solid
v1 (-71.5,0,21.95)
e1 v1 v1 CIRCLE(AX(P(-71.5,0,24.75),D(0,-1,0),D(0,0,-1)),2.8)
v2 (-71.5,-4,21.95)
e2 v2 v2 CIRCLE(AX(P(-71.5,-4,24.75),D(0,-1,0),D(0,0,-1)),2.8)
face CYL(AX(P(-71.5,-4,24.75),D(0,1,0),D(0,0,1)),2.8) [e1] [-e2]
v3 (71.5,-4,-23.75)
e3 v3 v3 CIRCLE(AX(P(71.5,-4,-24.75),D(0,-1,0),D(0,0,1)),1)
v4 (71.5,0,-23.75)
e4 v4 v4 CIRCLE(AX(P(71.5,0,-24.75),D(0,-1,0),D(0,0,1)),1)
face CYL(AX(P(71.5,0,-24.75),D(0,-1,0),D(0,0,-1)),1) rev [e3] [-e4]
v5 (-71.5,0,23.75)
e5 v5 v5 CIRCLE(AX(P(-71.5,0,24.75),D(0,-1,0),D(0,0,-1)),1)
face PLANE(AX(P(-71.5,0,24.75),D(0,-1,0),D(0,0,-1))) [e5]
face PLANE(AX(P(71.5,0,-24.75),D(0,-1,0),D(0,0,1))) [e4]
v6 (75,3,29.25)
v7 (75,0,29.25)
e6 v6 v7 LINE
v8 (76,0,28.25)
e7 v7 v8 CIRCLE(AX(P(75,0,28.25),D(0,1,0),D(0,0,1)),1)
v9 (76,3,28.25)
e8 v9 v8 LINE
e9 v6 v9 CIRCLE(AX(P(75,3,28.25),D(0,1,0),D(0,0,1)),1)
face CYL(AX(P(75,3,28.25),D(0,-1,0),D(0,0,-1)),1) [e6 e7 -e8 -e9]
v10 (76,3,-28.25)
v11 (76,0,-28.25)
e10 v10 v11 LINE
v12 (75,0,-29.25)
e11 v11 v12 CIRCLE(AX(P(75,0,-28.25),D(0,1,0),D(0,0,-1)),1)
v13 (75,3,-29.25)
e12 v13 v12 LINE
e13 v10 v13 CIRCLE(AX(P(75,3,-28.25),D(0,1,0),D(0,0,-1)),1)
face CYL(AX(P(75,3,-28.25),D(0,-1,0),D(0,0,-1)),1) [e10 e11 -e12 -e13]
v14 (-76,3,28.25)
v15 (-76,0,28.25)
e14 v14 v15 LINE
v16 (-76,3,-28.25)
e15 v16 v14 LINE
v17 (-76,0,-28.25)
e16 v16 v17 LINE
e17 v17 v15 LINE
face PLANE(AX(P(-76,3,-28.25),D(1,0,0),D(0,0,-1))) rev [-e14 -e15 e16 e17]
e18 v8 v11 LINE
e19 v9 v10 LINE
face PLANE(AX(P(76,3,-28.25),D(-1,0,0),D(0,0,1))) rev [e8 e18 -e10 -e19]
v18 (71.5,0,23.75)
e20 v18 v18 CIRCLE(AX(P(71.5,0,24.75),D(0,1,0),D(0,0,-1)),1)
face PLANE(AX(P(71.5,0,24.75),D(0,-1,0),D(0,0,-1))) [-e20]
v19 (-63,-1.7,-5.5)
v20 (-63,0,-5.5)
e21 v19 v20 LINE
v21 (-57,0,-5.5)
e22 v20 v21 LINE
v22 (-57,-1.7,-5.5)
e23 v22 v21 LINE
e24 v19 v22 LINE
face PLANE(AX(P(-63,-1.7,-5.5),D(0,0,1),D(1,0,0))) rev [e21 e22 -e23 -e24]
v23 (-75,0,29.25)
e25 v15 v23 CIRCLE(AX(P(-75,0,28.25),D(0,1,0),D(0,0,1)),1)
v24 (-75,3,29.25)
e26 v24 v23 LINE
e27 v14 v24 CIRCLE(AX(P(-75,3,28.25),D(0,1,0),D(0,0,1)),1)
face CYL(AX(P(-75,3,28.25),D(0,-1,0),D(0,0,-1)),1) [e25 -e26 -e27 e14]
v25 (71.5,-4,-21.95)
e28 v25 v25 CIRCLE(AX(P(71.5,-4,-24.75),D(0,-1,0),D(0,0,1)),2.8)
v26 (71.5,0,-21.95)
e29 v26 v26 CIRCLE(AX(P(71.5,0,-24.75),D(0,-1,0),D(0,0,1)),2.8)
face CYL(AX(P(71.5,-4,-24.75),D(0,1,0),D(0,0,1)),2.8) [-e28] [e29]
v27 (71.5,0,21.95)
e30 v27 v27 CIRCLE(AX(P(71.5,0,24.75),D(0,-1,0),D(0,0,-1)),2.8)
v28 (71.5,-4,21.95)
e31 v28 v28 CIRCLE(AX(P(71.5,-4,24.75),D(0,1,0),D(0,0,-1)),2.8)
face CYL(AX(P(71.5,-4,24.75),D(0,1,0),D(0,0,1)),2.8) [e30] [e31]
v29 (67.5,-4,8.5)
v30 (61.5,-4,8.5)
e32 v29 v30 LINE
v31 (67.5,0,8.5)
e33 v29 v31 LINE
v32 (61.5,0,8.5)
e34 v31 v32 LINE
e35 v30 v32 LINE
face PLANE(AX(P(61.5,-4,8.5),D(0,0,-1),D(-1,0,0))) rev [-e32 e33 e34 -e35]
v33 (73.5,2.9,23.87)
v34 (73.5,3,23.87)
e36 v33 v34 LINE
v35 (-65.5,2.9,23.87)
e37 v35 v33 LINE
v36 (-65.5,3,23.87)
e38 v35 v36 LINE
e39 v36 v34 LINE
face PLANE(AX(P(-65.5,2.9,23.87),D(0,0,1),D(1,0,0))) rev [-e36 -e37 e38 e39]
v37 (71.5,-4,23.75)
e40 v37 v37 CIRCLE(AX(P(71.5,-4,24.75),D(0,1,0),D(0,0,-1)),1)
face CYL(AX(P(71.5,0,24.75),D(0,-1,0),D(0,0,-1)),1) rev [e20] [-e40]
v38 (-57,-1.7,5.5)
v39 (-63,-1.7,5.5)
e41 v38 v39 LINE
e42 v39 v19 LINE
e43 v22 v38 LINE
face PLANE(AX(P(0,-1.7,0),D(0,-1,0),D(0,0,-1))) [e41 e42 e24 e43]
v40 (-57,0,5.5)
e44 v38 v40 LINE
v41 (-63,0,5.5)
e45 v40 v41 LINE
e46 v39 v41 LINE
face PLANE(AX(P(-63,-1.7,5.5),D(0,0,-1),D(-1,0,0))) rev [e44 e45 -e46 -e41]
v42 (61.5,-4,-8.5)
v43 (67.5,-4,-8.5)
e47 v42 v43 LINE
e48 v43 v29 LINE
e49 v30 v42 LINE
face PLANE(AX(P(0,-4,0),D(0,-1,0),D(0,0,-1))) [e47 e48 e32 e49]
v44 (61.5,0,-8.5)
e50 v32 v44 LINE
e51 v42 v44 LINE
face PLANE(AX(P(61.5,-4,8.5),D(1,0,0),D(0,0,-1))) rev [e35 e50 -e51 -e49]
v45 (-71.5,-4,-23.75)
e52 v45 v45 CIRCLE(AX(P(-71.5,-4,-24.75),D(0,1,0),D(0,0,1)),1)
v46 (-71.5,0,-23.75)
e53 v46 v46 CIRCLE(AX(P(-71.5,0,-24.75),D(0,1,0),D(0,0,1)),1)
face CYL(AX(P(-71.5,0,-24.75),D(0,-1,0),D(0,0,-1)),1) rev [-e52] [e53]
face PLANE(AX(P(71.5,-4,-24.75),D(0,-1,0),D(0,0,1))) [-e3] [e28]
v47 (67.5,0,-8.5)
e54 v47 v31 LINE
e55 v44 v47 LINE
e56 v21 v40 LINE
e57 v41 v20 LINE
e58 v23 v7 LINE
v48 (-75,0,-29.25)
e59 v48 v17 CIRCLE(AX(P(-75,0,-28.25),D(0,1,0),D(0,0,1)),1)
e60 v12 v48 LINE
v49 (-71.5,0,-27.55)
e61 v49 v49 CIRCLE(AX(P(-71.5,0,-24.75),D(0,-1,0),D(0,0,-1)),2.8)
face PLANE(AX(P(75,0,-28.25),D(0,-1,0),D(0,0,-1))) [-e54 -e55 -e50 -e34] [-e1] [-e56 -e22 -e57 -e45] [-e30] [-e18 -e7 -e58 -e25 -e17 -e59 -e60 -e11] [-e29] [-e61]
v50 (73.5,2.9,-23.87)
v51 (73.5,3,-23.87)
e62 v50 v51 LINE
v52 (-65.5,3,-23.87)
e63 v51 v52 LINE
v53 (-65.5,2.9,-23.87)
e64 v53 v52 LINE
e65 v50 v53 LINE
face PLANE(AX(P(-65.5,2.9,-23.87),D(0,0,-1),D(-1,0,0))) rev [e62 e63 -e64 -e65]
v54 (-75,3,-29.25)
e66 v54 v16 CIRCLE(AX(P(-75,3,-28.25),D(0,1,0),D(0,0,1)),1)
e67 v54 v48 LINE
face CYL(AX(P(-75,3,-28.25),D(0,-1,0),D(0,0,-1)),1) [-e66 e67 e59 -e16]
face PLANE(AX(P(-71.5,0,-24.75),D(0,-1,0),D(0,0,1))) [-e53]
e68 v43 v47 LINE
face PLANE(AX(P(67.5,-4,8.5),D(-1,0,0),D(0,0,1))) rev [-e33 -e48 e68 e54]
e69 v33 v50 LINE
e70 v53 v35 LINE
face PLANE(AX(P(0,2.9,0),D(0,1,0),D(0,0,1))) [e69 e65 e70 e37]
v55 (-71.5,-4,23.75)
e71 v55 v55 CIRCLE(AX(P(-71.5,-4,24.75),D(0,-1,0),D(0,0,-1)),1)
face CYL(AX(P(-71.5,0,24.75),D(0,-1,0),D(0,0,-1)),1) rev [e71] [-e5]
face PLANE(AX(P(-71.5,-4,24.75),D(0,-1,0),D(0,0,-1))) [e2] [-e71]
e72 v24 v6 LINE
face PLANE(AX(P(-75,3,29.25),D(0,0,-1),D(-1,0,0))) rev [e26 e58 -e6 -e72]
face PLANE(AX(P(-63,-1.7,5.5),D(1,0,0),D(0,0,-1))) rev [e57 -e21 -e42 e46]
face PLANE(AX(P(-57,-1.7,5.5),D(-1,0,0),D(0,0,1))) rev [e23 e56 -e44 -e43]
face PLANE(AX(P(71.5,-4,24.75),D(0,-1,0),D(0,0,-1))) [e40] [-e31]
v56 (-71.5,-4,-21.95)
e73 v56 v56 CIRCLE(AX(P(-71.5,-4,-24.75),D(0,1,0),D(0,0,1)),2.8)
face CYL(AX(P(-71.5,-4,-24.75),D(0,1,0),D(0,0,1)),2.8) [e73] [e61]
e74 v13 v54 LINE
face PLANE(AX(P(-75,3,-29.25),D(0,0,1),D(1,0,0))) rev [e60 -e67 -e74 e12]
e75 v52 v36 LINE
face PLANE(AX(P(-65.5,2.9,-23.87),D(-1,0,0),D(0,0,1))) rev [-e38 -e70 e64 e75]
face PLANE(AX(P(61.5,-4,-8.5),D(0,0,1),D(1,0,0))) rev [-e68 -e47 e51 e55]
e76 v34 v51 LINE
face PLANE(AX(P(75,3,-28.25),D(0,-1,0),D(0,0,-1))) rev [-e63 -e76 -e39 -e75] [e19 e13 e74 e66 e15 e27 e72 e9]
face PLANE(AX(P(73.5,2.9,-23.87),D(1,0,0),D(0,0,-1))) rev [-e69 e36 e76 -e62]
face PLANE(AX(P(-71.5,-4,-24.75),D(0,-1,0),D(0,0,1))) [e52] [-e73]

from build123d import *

# Parameters (mm, degrees)
EXTRUDE_1_DEPTH                            = 3
SKETCH_2_W                                 = 139
SKETCH_2_H                                 = 47.74
CUT_EXTRUDE_1_DEPTH                        = 0.1
SKETCH_3_R                                 = 2.8
EXTRUDE_2_DEPTH                            = 4
SKETCH_4_R                                 = 1
CUT_EXTRUDE_2_DEPTH                        = 4
MIRROR_1_AT_THE_SECOND_PLANE_COPY_1_SKET_R = 2.8
MIRROR_1_AT_THE_SECOND_PLANE_COPY_1_DEPTH  = 4
MIRROR_1_AT_THE_SECOND_PLANE_COPY_2_SKET_R = 1
MIRROR_1_AT_THE_SECOND_PLANE_COPY_2_DEPTH  = 4
SKETCH_5_W                                 = 6
SKETCH_5_H                                 = 11
EXTRUDE_3_DEPTH                            = 1.7
SKETCH_6_W                                 = 6
SKETCH_6_H                                 = 17
EXTRUDE_4_DEPTH                            = 4


with BuildPart() as part:
    # ｽｹｯﾁ1 → ﾎﾞｽ - 押し出し1 (new body)
    with BuildSketch(Plane(origin=(0, 0, 0), x_dir=(1, 0, 0), z_dir=(0, 1, 0))):
        with BuildLine():
            Line((-75, 29.25), (75, 29.25))
            ThreePointArc((75, 29.25), (75.707106781, 28.957106781), (76, 28.25))
            Line((76, 28.25), (76, -28.25))
            ThreePointArc((76, -28.25), (75.707106781, -28.957106781), (75, -29.25))
            Line((75, -29.25), (-75, -29.25))
            ThreePointArc((-75, -29.25), (-75.707106781, -28.957106781), (-76, -28.25))
            Line((-76, -28.25), (-76, 28.25))
            ThreePointArc((-76, 28.25), (-75.707106781, 28.957106781), (-75, 29.25))
        make_face()
    extrude(amount=EXTRUDE_1_DEPTH)

    # ｽｹｯﾁ2 → ｶｯﾄ - 押し出し1 (cut)
    with BuildSketch(Plane(origin=(0, 3, 0), x_dir=(1, 0, 0), z_dir=(0, 1, 0))):
        with Locations((4, 0)):
            Rectangle(SKETCH_2_W, SKETCH_2_H)
    extrude(amount=-CUT_EXTRUDE_1_DEPTH, mode=Mode.SUBTRACT)

    # ｽｹｯﾁ3 → ﾎﾞｽ - 押し出し2 (add)
    with BuildSketch(Plane.XZ):
        with Locations(Location((-71.5, 24.75, 0), (0, 0, 270))):
            Circle(SKETCH_3_R)
    extrude_2 = extrude(amount=EXTRUDE_2_DEPTH)

    # ｽｹｯﾁ4 → ｶｯﾄ - 押し出し2 (cut)
    with BuildSketch(Plane.XZ.offset(4)):
        with Locations(Location((-71.5, 24.75, 0), (0, 0, 270))):
            Circle(SKETCH_4_R)
    cut_extrude_2 = extrude(amount=-CUT_EXTRUDE_2_DEPTH, mode=Mode.SUBTRACT)

    # ﾐﾗｰ1: ﾎﾞｽ - 押し出し2, ｶｯﾄ - 押し出し2 across plane
    add(extrude_2.mirror(Plane(origin=(0, 0, 0), x_dir=(0, 0, 1), z_dir=(1, 0, 0))))
    add(cut_extrude_2.mirror(Plane(origin=(0, 0, 0), x_dir=(0, 0, 1), z_dir=(1, 0, 0))), mode=Mode.SUBTRACT)

    # ﾐﾗｰ1 at the second plane: ﾎﾞｽ - 押し出し2, ｶｯﾄ - 押し出し2 across plane
    add(extrude_2.mirror(Plane.XY))
    add(cut_extrude_2.mirror(Plane.XY), mode=Mode.SUBTRACT)

    # ﾐﾗｰ1 at the second plane copy 1 sket → ﾐﾗｰ1 at the second plane copy 1 (add)
    with BuildSketch(Plane(origin=(0, 0, 0), x_dir=(-1, 0, 0), z_dir=(0, -1, 0))):
        with Locations(Location((-71.5, 24.75, 0), (0, 0, 270))):
            Circle(MIRROR_1_AT_THE_SECOND_PLANE_COPY_1_SKET_R)
    extrude(amount=MIRROR_1_AT_THE_SECOND_PLANE_COPY_1_DEPTH)

    # ﾐﾗｰ1 at the second plane copy 2 sket → ﾐﾗｰ1 at the second plane copy 2 (cut)
    with BuildSketch(Plane(origin=(0, -4, 0), x_dir=(-1, 0, 0), z_dir=(0, -1, 0))):
        with Locations(Location((-71.5, 24.75, 0), (0, 0, 270))):
            Circle(MIRROR_1_AT_THE_SECOND_PLANE_COPY_2_SKET_R)
    extrude(amount=-MIRROR_1_AT_THE_SECOND_PLANE_COPY_2_DEPTH, mode=Mode.SUBTRACT)

    # ｽｹｯﾁ5 → ﾎﾞｽ - 押し出し3 (add)
    with BuildSketch(Plane.XZ):
        with Locations((-60, 0)):
            Rectangle(SKETCH_5_W, SKETCH_5_H)
    extrude(amount=EXTRUDE_3_DEPTH)

    # ｽｹｯﾁ6 → ﾎﾞｽ - 押し出し4 (add)
    with BuildSketch(Plane.XZ):
        with Locations((64.5, 0)):
            Rectangle(SKETCH_6_W, SKETCH_6_H)
    extrude(amount=EXTRUDE_4_DEPTH)


solid = part.part
